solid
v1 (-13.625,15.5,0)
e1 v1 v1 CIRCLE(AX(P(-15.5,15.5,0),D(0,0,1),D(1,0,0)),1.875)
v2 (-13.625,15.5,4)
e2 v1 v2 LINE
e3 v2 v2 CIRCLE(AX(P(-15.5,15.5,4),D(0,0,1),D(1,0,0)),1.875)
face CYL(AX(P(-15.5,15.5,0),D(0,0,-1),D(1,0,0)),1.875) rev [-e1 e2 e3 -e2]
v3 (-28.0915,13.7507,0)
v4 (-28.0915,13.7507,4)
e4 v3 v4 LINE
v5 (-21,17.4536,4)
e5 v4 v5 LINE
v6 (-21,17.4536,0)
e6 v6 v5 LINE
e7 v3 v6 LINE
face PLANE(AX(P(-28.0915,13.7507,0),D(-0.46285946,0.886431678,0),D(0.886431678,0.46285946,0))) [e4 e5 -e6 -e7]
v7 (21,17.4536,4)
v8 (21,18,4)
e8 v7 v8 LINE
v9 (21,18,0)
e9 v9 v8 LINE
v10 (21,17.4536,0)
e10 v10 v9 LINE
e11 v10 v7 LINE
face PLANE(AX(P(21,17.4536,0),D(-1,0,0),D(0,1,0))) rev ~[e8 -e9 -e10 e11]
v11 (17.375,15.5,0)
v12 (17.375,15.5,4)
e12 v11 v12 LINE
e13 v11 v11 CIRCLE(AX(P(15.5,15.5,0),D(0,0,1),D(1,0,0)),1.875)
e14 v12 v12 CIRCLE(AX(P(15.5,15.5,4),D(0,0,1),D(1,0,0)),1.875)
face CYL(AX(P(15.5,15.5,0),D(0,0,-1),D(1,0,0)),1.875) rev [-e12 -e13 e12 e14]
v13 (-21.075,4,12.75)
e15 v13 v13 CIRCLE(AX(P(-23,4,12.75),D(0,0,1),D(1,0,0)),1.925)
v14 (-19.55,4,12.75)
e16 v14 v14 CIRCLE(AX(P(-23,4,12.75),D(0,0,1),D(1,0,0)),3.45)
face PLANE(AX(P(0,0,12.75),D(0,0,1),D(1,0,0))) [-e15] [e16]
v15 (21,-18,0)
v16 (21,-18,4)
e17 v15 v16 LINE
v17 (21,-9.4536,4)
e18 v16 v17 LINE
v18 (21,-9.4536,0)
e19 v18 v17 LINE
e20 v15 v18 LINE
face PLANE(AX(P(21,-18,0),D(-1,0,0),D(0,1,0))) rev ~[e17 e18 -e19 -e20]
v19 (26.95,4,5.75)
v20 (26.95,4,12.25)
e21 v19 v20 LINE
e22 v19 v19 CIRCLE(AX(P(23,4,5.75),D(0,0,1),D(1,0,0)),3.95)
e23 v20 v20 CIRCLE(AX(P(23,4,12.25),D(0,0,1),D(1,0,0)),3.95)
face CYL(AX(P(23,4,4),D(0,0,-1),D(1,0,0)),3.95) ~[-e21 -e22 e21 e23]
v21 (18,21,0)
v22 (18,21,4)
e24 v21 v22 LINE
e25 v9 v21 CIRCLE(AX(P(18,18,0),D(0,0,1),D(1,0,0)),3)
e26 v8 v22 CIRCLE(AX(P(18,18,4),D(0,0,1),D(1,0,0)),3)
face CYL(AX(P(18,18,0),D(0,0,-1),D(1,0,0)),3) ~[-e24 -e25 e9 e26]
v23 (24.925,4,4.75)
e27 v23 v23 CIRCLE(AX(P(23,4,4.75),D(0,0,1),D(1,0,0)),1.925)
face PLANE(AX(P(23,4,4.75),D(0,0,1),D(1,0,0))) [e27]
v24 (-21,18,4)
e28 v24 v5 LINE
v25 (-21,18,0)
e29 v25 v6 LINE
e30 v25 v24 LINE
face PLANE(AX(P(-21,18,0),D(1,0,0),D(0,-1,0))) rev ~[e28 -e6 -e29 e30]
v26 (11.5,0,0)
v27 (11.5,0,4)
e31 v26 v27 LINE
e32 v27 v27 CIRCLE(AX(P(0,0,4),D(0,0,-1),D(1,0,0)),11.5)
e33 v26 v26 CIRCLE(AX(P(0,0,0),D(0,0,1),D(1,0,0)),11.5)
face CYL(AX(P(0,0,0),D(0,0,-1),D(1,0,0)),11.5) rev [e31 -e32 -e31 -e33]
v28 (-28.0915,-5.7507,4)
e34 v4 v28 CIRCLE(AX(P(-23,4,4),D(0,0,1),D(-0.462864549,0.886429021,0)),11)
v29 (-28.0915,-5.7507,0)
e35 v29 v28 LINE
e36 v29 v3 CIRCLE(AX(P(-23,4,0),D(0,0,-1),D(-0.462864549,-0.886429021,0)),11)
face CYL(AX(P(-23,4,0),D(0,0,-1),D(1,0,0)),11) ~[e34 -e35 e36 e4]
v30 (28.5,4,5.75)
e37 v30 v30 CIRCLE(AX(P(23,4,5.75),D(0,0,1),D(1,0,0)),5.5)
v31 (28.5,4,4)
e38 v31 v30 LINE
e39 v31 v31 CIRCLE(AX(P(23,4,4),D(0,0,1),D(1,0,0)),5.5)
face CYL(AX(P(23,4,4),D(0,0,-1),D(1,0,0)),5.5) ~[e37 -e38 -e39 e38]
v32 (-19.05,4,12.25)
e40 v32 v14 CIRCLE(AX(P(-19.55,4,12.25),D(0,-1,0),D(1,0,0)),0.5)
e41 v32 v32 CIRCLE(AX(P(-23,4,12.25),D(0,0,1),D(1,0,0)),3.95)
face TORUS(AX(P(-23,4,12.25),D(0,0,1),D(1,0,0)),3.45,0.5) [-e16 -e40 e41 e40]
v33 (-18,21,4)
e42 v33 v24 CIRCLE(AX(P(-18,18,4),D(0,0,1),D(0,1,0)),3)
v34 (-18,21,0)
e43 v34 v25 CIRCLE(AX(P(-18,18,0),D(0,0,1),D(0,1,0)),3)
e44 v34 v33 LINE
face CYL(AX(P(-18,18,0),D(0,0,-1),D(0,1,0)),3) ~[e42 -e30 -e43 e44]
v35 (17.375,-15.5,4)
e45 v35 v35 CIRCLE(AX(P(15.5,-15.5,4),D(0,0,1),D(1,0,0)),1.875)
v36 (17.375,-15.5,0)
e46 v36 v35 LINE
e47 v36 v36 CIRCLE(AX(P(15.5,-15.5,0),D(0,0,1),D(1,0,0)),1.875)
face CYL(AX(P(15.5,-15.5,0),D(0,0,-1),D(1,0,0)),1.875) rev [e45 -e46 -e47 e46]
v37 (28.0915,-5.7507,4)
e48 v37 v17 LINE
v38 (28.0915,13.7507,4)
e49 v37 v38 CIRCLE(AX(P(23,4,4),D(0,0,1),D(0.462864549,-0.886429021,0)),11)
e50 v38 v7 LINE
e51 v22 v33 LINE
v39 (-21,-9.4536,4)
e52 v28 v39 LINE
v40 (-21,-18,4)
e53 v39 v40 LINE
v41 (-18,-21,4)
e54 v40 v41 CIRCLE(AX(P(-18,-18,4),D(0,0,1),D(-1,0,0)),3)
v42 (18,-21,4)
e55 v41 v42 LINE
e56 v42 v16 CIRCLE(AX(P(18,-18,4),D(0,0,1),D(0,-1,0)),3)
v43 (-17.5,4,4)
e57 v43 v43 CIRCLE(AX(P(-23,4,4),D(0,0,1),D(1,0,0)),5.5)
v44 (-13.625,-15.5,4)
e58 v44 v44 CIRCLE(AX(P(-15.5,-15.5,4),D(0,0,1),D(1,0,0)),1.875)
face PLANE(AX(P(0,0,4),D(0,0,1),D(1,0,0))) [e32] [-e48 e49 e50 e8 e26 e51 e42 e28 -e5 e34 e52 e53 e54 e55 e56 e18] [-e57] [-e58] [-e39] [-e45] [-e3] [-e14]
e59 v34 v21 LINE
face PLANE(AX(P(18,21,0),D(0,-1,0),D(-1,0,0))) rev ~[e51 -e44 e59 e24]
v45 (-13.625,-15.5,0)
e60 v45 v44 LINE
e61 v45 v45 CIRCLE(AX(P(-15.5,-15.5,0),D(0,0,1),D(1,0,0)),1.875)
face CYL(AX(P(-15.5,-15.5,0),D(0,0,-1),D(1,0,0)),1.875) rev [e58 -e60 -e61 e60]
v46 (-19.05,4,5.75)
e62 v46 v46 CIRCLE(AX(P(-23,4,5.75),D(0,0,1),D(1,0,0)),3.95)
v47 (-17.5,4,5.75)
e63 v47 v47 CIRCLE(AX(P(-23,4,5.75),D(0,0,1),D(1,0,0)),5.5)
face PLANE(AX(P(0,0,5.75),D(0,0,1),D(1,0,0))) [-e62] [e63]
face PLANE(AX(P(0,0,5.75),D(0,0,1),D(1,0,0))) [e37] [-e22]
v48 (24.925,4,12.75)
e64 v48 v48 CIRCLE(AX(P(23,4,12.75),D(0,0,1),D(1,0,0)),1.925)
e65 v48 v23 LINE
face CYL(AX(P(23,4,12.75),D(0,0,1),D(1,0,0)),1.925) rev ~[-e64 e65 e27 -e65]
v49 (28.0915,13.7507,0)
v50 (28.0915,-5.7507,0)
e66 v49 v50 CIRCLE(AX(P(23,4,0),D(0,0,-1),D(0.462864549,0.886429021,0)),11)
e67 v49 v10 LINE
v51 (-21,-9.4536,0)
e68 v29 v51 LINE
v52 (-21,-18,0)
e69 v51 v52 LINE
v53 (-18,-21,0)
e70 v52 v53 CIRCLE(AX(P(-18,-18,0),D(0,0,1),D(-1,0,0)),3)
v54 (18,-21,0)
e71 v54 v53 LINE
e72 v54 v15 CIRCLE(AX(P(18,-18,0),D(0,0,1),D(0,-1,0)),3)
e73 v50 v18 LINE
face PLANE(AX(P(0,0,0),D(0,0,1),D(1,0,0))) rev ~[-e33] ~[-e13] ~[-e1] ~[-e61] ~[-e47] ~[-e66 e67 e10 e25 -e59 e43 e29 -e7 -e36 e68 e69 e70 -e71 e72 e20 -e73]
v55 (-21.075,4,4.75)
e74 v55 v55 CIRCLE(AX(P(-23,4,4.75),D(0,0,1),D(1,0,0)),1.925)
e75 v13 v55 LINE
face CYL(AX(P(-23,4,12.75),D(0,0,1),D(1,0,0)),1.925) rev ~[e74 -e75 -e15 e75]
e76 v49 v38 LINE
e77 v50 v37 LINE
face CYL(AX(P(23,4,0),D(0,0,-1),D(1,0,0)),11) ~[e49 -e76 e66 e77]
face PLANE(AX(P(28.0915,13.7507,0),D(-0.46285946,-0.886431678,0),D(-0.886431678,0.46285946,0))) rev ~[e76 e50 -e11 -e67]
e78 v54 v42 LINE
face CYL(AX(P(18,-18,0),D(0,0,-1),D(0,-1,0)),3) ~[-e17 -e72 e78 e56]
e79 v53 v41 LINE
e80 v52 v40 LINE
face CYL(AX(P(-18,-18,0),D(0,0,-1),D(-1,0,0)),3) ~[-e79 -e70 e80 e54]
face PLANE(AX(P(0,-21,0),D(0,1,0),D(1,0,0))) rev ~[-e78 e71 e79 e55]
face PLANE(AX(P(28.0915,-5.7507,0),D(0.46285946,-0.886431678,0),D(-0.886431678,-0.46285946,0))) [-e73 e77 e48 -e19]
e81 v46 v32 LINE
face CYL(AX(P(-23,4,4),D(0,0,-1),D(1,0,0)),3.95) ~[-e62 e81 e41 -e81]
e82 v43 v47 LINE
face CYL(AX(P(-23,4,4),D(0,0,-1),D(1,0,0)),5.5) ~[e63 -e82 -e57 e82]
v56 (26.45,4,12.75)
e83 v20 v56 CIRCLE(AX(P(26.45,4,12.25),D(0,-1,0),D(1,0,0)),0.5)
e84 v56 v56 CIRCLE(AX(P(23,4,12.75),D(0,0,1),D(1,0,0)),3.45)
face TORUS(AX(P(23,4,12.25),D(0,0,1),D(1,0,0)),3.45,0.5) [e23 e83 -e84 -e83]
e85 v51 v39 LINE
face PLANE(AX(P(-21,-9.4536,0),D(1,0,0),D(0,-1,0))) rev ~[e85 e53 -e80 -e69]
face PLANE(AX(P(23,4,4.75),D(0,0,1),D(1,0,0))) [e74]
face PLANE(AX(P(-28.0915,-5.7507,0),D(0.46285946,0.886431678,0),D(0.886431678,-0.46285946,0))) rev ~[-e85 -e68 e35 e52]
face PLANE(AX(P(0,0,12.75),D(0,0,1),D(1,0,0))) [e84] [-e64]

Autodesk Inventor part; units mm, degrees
ref_plane "YZ Plane" through (0, 0, 0) normal (1, 0, 0) x (0, 1, 0)
ref_plane "XZ Plane" through (0, 0, 0) normal (0, 1, 0) x (-1, 0, 0)
ref_plane "XY Plane" through (0, 0, 0) normal (0, 0, 1) x (1, 0, 0)
sketch "Sketch1" plane through (0, 0, 0) normal (0, 0, 1) x (1, 0, 0)
  circle A0 centre (0, 0) radius 11.5
  line L0 (-18, -21) -> (18, -21)
  line L1 (21, -18) -> (21, 18)
  line L2 (18, 21) -> (-18, 21)
  line L3 (-21, 18) -> (-21, -18)
  line L4 (-21, -21) -> (21, 21) construction
  line L5 (21, -21) -> (-21, 21) construction
  circle A1 centre (-15.5, 15.5) radius 1.875
  circle A2 centre (15.5, 15.5) radius 1.875
  circle A3 centre (15.5, -15.5) radius 1.875
  circle A4 centre (-15.5, -15.5) radius 1.875
  line L6 (-15.5, 15.5) -> (15.5, 15.5) construction
  line L7 (15.5, 15.5) -> (15.5, -15.5) construction
  line L8 (15.5, -15.5) -> (-15.5, -15.5) construction
  line L9 (-15.5, 15.5) -> (-15.5, -15.5) construction
  line L10 (-15.5, 15.5) -> (15.5, -15.5) construction
  line L11 (15.5, 15.5) -> (0, 0) construction
  circle A5 centre (-23, 4) radius 3.95
  circle A6 centre (23, 4) radius 3.95
  circle A7 centre (-23, 4) radius 11
  circle A8 centre (23, 4) radius 11
  line L12 (0, 126.4593) -> (0, -125.5407) projected
  line L13 (-111.8366, 0) -> (126.1634, 0) projected
  circle A9 centre (-48.8366, 35.9593) radius 2.0625 projected
  circle A10 centre (-57.8366, 80.4593) radius 2.0625 projected
  circle A11 centre (-66.8366, 35.9593) radius 2.0625 projected
  circle A12 centre (-66.8366, 60.9593) radius 2.0625 projected
  circle A13 centre (-48.8366, 60.9593) radius 2.0625 projected
  circle A14 centre (63.1634, 35.9593) radius 2.0625 projected
  circle A15 centre (72.1634, 80.4593) radius 2.0625 projected
  circle A16 centre (81.1634, 35.9593) radius 2.0625 projected
  circle A17 centre (81.1634, 60.9593) radius 2.0625 projected
  circle A18 centre (63.1634, 60.9593) radius 2.0625 projected
  circle A19 centre (-48.8366, -35.0407) radius 2.0625 projected
  circle A20 centre (-57.8366, -79.5407) radius 2.0625 projected
  circle A21 centre (-66.8366, -35.0407) radius 2.0625 projected
  circle A22 centre (-66.8366, -60.0407) radius 2.0625 projected
  circle A23 centre (-48.8366, -60.0407) radius 2.0625 projected
  circle A24 centre (63.1634, -35.0407) radius 2.0625 projected
  circle A25 centre (63.1634, -60.0407) radius 2.0625 projected
  circle A26 centre (81.1634, -60.0407) radius 2.0625 projected
  circle A27 centre (81.1634, -35.0407) radius 2.0625 projected
  circle A28 centre (72.1634, -79.5407) radius 2.0625 projected
  line L14 (92.1634, -89.5407) -> (92.1634, 90.4593) projected
  line L15 (92.1634, 90.4593) -> (-77.8366, 90.4593) projected
  line L16 (-77.8366, 90.4593) -> (-77.8366, -89.5407) projected
  line L17 (-77.8366, -89.5407) -> (92.1634, -89.5407) projected
  circle A29 centre (-48.8366, 35.9593) radius 2.0625 projected
  circle A30 centre (-57.8366, 80.4593) radius 2.0625 projected
  circle A31 centre (-66.8366, 35.9593) radius 2.0625 projected
  circle A32 centre (-66.8366, 60.9593) radius 2.0625 projected
  circle A33 centre (-48.8366, 60.9593) radius 2.0625 projected
  circle A34 centre (63.1634, 35.9593) radius 2.0625 projected
  circle A35 centre (72.1634, 80.4593) radius 2.0625 projected
  circle A36 centre (81.1634, 35.9593) radius 2.0625 projected
  circle A37 centre (81.1634, 60.9593) radius 2.0625 projected
  circle A38 centre (63.1634, 60.9593) radius 2.0625 projected
  circle A39 centre (-48.8366, -35.0407) radius 2.0625 projected
  circle A40 centre (-57.8366, -79.5407) radius 2.0625 projected
  circle A41 centre (-66.8366, -35.0407) radius 2.0625 projected
  circle A42 centre (-66.8366, -60.0407) radius 2.0625 projected
  circle A43 centre (-48.8366, -60.0407) radius 2.0625 projected
  circle A44 centre (63.1634, -35.0407) radius 2.0625 projected
  circle A45 centre (63.1634, -60.0407) radius 2.0625 projected
  circle A46 centre (81.1634, -60.0407) radius 2.0625 projected
  circle A47 centre (81.1634, -35.0407) radius 2.0625 projected
  circle A48 centre (72.1634, -79.5407) radius 2.0625 projected
  line L18 (92.1634, -89.5407) -> (92.1634, 90.4593) projected
  line L19 (92.1634, 90.4593) -> (-77.8366, 90.4593) projected
  line L20 (-77.8366, 90.4593) -> (-77.8366, -89.5407) projected
  line L21 (-77.8366, -89.5407) -> (92.1634, -89.5407) projected
  arc A49 (-18, 21) -> (-21, 18) centre (-18, 18) ccw
  arc A50 (21, 18) -> (18, 21) centre (18, 18) ccw
  arc A51 (18, -21) -> (21, -18) centre (18, -18) ccw
  arc A52 (-21, -18) -> (-18, -21) centre (-18, -18) ccw
  line L22 (-28.0915, -5.7507) -> (-21, -9.4536)
  line L23 (-28.0915, 13.7507) -> (-21, 17.4536)
  line L24 (28.0915, -5.7507) -> (21, -9.4536)
  line L25 (28.0915, 13.7507) -> (21, 17.4536)
  circle A53 centre (-23, 4) radius 5.5
  circle A54 centre (23, 4) radius 5.5
  dimension "d0" = 23
  dimension "d1" = 3.75
  dimension "d2" = 31
  dimension "d3" = 31
  dimension "d4" = 22
  dimension "d5" = 42
  dimension "d6" = 42
  dimension "d7" = 23
  dimension "d8" = 4
  dimension "d9" = 7.9
  dimension "d10" = 3
  dimension "d11" = 8
  dimension "d12" = 11
extrude "Extrusion1" add sketch "Sketch1" along normal blind 4 contours L13 A8 L1 A51 L0 L12 A0 | A0 L12 L2 A50 L1 A8 L13 | A0 L13 A7 L3 A49 L2 L12 | L12 L0 A52 L3 A7 L13 A0 | L13 A54 L1 A8 | A8 L1 A54 L13 | A8 L13 A54 L1 | L1 L25 A8 | A8 L24 L1 | L1 A54 L13 A8 | A54 L1 A6 L13 | L13 L1 A54 | L13 A53 L3 A7 | A7 L3 A53 L13 | A54 L13 L1 A6 | L1 L13 A54 | A7 L13 A53 L3 | L3 L22 A7 | A53 L3 L13 | L13 L3 A5 A53 | A6 L1 | L1 A6 | A53 L13 L3 | A7 L23 L3 | L3 A53 L13 A7 | L13 A53 L3 A5 | A5 L3 | L3 A5
sketch "Sketch2" plane through (0, 0, 4) normal (0, 0, 1) x (1, 0, 0)
  circle A0 centre (0, 0) radius 11.5 projected
  circle A1 centre (-15.5, -15.5) radius 1.875 projected
  circle A2 centre (15.5, -15.5) radius 1.875 projected
  circle A3 centre (15.5, 15.5) radius 1.875 projected
  circle A4 centre (-15.5, 15.5) radius 1.875 projected
  line L0 (28.0915, 13.7507) -> (21, 17.4536) projected
  line L1 (21, 17.4536) -> (21, 18) projected
  arc A5 (21, 18) -> (18, 21) centre (18, 18) ccw projected
  line L2 (18, 21) -> (-18, 21) projected
  arc A6 (-18, 21) -> (-21, 18) centre (-18, 18) ccw projected
  line L3 (-21, 18) -> (-21, 17.4536) projected
  line L4 (-21, 17.4536) -> (-28.0915, 13.7507) projected
  arc A7 (-28.0915, 13.7507) -> (-28.0915, -5.7507) centre (-23, 4) ccw projected
  line L5 (-28.0915, -5.7507) -> (-21, -9.4536) projected
  line L6 (-21, -9.4536) -> (-21, -18) projected
  arc A8 (-21, -18) -> (-18, -21) centre (-18, -18) ccw projected
  line L7 (-18, -21) -> (18, -21) projected
  arc A9 (18, -21) -> (21, -18) centre (18, -18) ccw projected
  line L8 (21, -18) -> (21, -9.4536) projected
  line L9 (21, -9.4536) -> (28.0915, -5.7507) projected
  arc A10 (28.0915, -5.7507) -> (28.0915, 13.7507) centre (23, 4) ccw projected
  circle A11 centre (23, 4) radius 5.5
  circle A12 centre (-23, 4) radius 5.5
  circle A13 centre (23, 4) radius 3.95
  circle A14 centre (-23, 4) radius 3.95
  dimension "d15" = 11
  dimension "d16" = 7.9
  dimension "d17" = 7.9
  dimension "d18" = 11
extrude "Extrusion2" add sketch "Sketch2" along normal blind 8.75 contours A13 | A14
extrude "Extrusion3" add sketch "Sketch2" along normal blind 1.75 contours A11 | A12
fillet "Fillet1" radius 0.5 2 edges at (19.05, 4, 12.75) (-26.95, 4, 12.75)
sketch "Sketch3" plane through (23, 4, 12.75) normal (0, 0, 1) x (1, 0, 0)
  circle A0 centre (0, 0) radius 3.45 projected
  circle A1 centre (-46, 0) radius 3.45 projected
  circle A2 centre (0, 0) radius 1.925
  circle A3 centre (-46, 0) radius 1.925
  point P0 (-23, -4)
  dimension "d24" = 3.85
extrude "Extrusion4" cut sketch "Sketch3" against normal blind 8 contours A2 | A3
properties part number "Stepper Atachments"
